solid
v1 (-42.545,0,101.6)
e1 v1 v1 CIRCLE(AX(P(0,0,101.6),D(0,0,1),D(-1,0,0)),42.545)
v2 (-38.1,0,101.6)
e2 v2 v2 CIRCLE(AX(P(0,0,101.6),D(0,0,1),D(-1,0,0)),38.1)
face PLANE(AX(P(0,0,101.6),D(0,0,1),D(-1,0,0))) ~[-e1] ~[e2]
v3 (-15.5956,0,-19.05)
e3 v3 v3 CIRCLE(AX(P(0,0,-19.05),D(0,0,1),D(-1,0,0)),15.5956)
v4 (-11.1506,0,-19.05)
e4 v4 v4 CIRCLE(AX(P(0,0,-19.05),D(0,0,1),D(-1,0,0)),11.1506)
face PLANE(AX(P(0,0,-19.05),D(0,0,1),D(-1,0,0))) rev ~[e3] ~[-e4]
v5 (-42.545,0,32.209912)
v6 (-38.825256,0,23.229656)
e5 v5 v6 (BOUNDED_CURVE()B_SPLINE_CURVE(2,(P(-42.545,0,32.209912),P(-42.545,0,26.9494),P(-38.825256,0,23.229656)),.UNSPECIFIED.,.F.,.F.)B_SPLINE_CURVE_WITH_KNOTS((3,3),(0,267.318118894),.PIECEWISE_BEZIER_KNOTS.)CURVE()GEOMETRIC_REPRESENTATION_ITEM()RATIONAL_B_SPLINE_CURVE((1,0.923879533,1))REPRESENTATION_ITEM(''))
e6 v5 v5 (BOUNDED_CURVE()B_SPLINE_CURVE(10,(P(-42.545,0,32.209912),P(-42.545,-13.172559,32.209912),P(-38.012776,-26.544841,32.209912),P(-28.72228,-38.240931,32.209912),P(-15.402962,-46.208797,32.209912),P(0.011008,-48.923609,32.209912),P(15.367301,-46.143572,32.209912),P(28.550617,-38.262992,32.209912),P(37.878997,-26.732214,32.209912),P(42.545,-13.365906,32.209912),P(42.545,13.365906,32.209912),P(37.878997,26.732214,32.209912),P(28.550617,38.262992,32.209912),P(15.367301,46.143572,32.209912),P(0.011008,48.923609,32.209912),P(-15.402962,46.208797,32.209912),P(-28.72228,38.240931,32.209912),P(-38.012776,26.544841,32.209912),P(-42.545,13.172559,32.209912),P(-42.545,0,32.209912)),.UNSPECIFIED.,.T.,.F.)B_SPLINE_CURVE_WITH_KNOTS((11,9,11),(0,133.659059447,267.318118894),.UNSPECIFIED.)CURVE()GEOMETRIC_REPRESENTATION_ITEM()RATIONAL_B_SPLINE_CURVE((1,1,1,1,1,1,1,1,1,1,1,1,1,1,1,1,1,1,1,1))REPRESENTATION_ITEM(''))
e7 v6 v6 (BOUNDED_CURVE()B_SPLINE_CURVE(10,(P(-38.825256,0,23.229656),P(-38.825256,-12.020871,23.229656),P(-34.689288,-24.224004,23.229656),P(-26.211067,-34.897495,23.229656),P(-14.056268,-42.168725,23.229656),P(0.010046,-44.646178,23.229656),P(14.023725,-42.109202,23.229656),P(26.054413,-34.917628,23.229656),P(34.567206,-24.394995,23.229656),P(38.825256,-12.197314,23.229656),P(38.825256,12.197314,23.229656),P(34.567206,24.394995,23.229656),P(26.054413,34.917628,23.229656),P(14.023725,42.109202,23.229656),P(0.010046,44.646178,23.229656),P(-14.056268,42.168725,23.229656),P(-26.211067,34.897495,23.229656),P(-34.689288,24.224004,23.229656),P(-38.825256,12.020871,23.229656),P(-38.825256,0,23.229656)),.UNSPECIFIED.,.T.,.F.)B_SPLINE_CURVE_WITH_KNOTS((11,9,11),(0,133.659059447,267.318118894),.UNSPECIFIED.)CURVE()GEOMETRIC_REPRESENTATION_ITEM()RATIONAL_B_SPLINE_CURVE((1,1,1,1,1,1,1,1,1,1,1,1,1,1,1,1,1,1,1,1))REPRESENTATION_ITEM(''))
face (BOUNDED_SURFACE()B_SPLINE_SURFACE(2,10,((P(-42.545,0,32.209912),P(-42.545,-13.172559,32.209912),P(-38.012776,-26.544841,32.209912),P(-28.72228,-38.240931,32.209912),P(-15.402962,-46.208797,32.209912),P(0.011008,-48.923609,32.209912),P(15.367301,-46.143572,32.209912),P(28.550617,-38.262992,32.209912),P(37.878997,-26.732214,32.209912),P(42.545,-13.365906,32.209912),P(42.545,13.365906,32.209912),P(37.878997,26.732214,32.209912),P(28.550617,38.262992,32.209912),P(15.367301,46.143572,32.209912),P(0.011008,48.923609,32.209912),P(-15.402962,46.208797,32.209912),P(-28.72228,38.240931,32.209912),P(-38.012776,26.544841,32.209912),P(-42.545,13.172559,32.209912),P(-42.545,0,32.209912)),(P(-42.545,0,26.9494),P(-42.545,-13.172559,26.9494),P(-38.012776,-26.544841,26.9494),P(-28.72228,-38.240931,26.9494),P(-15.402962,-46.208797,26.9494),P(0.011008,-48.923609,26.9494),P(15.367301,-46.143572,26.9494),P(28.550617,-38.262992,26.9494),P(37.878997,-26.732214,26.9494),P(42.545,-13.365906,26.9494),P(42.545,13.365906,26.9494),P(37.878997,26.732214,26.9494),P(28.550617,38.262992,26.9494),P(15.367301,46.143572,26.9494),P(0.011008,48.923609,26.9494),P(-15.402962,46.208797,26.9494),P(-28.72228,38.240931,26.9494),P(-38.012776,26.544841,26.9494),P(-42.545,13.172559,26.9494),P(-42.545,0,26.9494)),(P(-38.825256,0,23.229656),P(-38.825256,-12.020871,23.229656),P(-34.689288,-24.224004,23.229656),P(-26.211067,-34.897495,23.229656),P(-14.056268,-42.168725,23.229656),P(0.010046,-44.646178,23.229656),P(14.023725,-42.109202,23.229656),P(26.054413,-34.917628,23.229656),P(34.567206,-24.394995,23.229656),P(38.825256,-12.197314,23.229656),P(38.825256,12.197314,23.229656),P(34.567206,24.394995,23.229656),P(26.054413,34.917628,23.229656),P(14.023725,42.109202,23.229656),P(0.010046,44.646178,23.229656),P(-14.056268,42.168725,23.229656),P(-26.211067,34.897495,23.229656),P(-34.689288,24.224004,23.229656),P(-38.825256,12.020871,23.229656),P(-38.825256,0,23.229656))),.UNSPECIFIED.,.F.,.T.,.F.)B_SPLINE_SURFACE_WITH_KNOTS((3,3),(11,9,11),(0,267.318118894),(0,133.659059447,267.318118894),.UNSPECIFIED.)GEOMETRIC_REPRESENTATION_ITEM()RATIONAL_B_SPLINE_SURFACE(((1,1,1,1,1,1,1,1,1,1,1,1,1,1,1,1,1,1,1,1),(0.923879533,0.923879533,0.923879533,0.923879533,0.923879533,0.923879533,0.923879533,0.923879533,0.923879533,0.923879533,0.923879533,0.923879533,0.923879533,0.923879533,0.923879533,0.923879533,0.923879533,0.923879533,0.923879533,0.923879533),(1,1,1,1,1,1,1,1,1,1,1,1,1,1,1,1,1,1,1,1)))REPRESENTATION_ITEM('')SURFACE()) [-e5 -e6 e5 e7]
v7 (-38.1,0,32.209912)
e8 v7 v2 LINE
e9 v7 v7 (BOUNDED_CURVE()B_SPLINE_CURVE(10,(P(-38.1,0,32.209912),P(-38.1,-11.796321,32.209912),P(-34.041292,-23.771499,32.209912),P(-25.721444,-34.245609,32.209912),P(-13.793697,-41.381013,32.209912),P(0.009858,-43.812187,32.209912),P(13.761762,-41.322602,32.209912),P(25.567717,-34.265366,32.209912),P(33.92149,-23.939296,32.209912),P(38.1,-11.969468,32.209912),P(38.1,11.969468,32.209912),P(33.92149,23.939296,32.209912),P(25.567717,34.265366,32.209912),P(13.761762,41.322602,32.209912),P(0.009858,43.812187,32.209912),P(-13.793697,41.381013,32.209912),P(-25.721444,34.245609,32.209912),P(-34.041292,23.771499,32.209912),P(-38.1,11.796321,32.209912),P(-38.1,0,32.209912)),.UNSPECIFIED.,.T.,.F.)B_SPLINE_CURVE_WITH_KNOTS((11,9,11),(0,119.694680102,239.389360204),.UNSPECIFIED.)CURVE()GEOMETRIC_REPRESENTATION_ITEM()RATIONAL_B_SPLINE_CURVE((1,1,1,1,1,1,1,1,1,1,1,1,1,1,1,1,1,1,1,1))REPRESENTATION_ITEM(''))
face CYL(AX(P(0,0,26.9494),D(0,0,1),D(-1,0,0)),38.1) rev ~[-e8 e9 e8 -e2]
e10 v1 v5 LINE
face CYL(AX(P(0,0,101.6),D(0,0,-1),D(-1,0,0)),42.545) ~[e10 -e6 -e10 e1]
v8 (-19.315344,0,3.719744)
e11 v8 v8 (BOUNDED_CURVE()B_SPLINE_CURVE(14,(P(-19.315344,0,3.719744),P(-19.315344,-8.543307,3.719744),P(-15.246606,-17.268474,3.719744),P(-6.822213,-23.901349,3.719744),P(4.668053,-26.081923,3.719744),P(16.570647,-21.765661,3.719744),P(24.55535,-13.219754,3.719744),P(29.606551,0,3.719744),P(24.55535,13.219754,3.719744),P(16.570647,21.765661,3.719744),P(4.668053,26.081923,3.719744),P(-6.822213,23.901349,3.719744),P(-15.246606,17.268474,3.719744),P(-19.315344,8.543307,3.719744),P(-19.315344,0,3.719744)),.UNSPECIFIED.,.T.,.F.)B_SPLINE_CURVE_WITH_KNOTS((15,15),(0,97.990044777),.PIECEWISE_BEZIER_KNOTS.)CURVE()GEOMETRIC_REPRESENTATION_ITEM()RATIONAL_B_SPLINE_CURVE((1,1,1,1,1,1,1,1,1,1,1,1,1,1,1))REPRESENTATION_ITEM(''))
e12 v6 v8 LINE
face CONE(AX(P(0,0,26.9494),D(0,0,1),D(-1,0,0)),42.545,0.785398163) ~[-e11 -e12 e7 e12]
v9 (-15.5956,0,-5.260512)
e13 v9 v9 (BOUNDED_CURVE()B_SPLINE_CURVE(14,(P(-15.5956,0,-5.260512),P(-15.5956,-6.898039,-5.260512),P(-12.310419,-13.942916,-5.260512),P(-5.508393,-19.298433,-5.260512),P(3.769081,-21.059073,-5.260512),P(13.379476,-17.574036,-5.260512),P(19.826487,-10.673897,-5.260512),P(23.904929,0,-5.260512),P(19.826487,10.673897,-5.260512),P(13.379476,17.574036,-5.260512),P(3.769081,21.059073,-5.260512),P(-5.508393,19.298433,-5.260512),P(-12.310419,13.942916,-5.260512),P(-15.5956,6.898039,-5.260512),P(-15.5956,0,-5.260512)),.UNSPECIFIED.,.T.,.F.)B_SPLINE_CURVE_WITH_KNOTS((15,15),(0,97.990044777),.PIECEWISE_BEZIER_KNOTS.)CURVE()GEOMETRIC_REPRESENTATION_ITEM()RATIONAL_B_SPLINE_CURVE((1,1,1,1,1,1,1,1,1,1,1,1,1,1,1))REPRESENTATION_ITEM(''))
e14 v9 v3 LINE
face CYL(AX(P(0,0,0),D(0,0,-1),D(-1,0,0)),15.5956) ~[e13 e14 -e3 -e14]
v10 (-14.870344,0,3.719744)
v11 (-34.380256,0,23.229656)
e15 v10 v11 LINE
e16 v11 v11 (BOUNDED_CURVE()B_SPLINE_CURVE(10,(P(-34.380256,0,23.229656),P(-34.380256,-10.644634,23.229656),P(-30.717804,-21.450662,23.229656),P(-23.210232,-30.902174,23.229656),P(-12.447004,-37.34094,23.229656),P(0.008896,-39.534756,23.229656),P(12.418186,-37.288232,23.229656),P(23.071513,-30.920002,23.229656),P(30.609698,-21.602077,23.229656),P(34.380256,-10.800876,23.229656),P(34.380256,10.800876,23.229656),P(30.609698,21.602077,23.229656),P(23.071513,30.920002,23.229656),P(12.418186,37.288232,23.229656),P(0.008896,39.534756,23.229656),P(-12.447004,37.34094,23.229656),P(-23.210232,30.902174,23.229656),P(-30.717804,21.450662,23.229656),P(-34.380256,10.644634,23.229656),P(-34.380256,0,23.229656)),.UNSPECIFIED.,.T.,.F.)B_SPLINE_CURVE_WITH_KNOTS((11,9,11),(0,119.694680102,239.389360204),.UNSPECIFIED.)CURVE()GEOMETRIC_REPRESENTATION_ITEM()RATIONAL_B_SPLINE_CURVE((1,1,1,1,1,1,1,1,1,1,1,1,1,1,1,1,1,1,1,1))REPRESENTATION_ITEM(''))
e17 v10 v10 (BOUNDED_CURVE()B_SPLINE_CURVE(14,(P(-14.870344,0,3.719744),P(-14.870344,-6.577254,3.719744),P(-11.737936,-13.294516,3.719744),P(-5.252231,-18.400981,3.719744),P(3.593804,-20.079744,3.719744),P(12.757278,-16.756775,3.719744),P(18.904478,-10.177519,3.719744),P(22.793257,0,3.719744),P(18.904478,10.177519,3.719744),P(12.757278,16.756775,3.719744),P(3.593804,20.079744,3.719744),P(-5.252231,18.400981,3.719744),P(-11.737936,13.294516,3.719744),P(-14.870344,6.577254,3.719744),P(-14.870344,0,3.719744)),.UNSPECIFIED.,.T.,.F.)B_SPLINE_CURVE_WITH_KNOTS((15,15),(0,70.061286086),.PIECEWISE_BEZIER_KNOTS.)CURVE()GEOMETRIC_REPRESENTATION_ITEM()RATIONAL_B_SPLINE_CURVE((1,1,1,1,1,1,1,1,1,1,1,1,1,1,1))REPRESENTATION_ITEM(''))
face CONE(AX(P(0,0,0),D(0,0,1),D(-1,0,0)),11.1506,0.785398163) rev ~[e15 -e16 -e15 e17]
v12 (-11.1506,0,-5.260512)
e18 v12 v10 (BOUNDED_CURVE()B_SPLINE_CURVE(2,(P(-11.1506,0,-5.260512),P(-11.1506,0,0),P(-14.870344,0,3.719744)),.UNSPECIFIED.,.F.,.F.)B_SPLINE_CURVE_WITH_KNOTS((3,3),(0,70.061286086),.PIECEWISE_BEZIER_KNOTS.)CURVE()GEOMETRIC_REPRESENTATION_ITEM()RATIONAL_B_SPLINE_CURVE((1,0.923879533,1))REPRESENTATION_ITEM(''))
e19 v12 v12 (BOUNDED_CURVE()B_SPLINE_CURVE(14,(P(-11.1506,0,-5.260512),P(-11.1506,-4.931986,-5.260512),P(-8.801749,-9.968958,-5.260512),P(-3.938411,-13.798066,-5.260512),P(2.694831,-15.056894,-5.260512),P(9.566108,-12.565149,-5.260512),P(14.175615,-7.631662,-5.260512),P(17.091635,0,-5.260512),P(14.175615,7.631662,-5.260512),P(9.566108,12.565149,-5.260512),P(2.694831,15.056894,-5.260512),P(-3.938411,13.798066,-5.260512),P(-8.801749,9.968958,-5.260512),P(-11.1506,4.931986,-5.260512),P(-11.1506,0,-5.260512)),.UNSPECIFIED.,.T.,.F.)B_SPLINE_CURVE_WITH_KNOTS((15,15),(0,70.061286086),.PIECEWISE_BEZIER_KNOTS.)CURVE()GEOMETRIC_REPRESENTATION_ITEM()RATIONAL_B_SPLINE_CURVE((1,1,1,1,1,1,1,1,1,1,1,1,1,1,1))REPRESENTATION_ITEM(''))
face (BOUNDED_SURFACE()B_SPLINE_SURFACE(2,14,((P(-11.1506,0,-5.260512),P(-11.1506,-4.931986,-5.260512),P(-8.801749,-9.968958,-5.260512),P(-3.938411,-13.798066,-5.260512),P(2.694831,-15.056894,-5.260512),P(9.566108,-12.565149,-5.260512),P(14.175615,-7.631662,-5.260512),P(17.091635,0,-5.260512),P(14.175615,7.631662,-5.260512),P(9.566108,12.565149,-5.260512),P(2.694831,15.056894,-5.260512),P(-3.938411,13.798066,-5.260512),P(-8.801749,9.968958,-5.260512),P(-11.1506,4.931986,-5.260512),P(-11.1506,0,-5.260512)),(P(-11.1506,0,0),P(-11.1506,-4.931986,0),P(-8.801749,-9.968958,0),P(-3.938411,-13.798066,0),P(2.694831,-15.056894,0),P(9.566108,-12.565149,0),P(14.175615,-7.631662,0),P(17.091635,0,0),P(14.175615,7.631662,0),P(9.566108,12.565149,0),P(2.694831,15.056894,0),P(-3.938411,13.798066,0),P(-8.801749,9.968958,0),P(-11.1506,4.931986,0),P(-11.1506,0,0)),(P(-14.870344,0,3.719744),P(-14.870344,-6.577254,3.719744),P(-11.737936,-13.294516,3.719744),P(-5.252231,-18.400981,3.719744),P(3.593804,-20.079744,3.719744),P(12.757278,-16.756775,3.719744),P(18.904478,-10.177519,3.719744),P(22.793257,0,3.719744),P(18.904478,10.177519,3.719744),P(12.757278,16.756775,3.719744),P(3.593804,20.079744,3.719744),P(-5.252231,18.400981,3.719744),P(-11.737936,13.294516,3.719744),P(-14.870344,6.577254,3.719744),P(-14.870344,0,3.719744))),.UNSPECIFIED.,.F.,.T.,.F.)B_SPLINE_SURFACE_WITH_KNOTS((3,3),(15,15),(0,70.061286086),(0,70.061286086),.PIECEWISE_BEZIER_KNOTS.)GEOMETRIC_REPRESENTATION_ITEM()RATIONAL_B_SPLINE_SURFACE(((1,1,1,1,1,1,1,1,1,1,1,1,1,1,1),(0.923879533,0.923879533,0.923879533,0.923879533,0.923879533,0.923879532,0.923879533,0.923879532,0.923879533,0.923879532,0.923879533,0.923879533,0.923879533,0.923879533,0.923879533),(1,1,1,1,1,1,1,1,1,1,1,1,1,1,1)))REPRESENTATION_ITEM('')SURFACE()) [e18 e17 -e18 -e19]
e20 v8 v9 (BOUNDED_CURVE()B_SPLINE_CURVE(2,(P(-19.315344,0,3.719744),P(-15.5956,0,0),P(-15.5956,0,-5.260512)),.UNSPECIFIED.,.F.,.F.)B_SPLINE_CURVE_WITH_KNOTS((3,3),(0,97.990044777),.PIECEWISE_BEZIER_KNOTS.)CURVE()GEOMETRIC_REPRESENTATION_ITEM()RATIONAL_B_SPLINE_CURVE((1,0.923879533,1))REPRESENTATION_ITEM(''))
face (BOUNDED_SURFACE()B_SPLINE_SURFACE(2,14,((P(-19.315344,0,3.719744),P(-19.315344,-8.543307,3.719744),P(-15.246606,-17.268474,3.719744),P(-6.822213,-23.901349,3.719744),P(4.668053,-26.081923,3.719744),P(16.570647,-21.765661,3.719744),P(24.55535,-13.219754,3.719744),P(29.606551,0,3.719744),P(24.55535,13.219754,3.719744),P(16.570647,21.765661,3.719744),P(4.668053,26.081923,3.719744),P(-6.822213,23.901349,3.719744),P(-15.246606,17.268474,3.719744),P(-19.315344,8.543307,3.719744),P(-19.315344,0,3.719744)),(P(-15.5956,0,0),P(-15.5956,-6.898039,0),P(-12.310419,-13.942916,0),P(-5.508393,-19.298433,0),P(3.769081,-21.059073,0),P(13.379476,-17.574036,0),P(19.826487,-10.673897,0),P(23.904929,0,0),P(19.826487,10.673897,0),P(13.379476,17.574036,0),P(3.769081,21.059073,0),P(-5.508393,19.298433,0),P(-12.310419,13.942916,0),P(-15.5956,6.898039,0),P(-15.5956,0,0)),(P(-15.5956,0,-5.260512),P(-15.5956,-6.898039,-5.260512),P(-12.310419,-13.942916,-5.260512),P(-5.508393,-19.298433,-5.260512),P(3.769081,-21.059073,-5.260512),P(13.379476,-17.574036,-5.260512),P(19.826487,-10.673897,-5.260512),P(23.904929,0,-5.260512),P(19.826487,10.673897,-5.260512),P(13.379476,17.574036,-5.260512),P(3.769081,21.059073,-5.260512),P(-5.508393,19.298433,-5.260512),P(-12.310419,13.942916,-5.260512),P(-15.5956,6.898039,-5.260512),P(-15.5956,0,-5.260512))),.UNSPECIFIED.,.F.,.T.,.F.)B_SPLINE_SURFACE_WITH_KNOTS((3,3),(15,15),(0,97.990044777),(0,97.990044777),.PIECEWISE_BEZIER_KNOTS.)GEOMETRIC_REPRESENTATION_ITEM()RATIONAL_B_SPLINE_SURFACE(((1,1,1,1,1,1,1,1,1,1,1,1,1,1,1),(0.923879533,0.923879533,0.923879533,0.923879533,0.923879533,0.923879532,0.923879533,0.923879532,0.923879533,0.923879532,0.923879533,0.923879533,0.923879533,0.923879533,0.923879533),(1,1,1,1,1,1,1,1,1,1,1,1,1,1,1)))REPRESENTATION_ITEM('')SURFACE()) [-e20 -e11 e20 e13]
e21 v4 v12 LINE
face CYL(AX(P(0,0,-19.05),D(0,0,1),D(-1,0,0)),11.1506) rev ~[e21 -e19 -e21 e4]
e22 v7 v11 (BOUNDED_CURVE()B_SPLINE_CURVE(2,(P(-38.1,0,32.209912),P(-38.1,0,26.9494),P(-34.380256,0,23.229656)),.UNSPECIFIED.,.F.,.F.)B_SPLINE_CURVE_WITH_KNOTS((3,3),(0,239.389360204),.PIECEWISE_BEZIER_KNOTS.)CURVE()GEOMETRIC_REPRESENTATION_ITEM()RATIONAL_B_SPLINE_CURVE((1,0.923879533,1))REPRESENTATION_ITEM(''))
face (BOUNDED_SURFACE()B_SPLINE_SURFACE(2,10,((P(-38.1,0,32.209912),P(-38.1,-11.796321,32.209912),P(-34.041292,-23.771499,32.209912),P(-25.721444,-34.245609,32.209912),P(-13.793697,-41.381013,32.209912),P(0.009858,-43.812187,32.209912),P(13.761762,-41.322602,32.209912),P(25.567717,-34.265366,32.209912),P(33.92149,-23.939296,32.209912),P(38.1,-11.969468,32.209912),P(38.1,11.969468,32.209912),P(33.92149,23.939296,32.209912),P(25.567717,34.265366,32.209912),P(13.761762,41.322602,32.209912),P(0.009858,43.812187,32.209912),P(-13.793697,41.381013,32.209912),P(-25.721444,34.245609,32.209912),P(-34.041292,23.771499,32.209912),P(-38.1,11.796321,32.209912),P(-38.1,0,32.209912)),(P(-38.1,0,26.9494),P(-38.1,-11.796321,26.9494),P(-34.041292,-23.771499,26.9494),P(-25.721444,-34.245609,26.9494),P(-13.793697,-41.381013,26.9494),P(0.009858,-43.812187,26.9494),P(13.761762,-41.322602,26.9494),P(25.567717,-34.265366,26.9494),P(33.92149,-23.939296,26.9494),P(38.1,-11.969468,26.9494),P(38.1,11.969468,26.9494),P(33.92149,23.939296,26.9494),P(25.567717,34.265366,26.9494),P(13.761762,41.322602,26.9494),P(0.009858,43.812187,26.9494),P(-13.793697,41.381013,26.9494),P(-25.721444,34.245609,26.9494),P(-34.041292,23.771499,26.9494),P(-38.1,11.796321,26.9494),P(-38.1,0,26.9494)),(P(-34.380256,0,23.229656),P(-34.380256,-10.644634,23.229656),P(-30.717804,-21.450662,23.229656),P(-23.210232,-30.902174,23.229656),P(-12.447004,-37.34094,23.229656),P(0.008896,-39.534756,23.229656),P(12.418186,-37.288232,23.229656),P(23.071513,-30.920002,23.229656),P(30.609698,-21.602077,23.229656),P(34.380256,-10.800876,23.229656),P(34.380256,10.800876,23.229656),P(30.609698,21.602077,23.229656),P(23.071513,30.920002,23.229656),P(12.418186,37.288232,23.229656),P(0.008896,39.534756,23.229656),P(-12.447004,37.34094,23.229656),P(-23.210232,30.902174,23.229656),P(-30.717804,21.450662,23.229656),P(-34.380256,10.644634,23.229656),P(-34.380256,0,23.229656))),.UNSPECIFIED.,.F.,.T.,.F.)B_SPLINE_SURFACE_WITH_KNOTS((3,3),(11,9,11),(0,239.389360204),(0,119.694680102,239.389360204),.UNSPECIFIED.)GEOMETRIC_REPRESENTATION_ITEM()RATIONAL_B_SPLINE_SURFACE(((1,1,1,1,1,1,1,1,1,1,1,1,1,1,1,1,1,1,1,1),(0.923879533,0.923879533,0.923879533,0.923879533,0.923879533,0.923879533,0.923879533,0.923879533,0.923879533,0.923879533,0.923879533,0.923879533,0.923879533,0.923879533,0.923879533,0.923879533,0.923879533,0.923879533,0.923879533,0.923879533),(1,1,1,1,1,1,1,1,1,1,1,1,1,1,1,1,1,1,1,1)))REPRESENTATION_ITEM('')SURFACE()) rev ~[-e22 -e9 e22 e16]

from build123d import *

# Parameters (mm, degrees)
F2_R = 12.7


with BuildPart() as f1:
    # F0 (on Front) → F1 (revolve)
    with BuildSketch(Plane.XZ):
        Polygon((-38.1, 26.9494), (-38.1, 101.6), (-42.545, 101.6), (-42.545, 26.9494), (-15.5956, 0), (-15.5956, -19.05), (-11.1506, -19.05), (-11.1506, 0), align=None)
    revolve(axis=Axis((0, 0, 22.32272), (0, 0, 1)))

    # F2
    f2_edges = [f1.edges().sort_by_distance(p)[0] for p in [
        (42.545, 0, 26.9494),
        (15.5956, 0, 0),
        (38.1, 0, 26.9494),
        (11.1506, 0, 0),
    ]]
    fillet(f2_edges, radius=F2_R)


solid = f1.part
